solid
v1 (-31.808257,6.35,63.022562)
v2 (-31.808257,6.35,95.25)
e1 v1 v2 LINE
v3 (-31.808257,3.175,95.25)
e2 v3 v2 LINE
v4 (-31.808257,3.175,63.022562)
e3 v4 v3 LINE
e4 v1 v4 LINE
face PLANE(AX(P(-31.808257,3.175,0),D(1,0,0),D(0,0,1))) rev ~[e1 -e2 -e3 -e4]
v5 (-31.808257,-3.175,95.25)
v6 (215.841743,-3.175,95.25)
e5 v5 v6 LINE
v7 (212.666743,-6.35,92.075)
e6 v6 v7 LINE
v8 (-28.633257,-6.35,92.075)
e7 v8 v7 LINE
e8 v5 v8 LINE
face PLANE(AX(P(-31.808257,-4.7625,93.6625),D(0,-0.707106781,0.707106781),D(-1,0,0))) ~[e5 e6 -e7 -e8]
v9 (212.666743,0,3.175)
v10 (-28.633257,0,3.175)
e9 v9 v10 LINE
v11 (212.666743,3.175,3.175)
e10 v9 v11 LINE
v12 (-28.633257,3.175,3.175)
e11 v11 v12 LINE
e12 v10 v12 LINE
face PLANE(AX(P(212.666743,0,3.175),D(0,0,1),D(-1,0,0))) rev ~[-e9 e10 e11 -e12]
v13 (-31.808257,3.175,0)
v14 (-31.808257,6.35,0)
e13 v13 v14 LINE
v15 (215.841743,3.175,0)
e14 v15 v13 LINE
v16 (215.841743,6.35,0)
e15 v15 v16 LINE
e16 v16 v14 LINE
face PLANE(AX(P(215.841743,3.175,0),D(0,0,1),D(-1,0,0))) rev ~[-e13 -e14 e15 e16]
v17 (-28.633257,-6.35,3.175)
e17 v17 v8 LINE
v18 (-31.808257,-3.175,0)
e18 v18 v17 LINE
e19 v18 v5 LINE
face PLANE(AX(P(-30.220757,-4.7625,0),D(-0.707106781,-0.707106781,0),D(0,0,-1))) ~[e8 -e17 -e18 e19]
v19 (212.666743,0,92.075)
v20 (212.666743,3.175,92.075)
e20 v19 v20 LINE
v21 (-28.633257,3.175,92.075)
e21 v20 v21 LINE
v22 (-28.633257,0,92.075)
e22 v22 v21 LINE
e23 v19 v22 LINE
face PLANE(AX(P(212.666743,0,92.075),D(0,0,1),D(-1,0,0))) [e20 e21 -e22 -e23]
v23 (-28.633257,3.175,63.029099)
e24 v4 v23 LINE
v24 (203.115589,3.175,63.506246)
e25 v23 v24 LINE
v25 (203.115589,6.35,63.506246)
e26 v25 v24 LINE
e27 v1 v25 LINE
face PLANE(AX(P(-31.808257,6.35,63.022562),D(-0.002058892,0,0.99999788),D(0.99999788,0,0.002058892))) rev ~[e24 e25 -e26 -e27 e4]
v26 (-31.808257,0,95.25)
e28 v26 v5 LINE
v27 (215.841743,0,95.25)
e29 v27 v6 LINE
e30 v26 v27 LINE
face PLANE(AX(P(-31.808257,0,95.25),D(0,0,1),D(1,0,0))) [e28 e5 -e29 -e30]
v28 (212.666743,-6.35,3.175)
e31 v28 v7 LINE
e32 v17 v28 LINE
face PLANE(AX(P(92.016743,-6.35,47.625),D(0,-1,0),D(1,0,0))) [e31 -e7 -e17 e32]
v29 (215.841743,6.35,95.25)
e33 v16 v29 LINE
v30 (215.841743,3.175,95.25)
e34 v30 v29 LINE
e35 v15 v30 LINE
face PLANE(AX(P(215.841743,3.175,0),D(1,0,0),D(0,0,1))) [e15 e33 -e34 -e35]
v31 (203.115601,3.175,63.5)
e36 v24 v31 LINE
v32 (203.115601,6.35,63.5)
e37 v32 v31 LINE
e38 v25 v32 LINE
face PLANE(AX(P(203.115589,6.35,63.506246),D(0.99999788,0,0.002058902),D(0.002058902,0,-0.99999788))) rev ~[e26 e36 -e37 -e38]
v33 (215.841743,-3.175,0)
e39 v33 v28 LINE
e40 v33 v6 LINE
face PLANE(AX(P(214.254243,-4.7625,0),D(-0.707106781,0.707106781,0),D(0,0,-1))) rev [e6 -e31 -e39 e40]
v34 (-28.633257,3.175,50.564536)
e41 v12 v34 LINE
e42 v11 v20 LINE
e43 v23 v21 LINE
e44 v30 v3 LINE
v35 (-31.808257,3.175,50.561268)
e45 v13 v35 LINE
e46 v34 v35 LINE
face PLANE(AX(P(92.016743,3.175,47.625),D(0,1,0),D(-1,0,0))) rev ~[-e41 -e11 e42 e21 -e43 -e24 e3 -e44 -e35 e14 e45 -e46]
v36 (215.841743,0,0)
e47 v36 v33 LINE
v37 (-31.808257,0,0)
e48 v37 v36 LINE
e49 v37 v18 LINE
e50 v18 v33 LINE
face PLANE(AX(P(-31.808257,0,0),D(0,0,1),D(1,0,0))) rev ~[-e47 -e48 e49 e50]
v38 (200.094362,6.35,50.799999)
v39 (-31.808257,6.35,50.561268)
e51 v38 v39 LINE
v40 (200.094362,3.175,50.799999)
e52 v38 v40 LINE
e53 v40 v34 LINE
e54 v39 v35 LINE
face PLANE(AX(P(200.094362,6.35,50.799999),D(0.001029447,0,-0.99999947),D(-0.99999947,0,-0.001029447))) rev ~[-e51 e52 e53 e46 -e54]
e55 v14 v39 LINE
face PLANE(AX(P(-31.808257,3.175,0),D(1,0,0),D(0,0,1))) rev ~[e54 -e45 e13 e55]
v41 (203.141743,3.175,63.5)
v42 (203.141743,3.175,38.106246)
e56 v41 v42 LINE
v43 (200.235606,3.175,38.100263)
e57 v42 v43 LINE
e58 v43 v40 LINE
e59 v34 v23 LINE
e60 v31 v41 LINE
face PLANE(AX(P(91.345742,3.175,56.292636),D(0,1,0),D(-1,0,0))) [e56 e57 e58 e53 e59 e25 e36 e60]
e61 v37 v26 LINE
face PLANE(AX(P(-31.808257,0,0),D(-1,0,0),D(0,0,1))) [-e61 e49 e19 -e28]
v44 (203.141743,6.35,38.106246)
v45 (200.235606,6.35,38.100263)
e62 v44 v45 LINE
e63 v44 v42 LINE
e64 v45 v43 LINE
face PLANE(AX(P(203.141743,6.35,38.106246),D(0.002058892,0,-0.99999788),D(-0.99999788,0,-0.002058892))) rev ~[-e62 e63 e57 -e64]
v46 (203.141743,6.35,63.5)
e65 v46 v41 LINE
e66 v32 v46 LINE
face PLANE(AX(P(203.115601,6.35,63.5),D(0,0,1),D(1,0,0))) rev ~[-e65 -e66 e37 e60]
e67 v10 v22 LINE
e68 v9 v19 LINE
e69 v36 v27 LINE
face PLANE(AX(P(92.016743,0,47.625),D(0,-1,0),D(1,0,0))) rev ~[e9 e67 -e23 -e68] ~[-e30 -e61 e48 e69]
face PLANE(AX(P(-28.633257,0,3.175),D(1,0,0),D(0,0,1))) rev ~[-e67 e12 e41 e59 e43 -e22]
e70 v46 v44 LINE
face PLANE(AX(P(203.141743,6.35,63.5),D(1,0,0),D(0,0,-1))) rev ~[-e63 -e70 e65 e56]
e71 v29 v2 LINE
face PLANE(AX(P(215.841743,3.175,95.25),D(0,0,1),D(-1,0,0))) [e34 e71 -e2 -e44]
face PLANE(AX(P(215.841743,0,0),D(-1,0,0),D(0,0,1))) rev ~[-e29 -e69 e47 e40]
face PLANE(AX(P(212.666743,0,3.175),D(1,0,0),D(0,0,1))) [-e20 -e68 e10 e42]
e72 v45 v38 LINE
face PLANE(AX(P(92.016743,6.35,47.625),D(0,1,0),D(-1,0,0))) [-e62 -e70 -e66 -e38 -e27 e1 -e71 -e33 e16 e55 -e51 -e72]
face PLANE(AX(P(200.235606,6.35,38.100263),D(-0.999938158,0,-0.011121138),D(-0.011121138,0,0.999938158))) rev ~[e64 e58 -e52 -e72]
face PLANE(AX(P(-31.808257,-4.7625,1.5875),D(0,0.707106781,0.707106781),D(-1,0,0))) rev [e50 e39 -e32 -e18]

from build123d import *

# Parameters (mm, degrees)
F0_W     = 247.65
F0_H     = 95.25
F1_DEPTH = 6.35
F2_SIZE  = 3.175
F3_W     = 241.3
F3_H     = 88.9
F4_DEPTH = 3.175
F5_W     = 247.65
F5_H     = 95.25
F6_DEPTH = 3.175
F8_DEPTH = 3.175


with BuildPart() as f1:
    # F0 (on Front) → F1 (new body)
    with BuildSketch(Plane.XZ):
        with Locations((92.016742897, 47.625)):
            Rectangle(F0_W, F0_H)
    extrude(amount=F1_DEPTH)

    # F2
    f2_edges = [f1.edges().sort_by_distance(p)[0] for p in [
        (92.016743, -6.35, 95.25),
        (-31.808257, -6.35, 47.625),
        (92.016743, -6.35, 0),
        (215.841743, -6.35, 47.625),
    ]]
    chamfer(f2_edges, length=F2_SIZE)

    # F3 (on face) → F4 (join)
    with BuildSketch(Plane(origin=(0, 0, 0), x_dir=(-1, 0, 0), z_dir=(0, 1, 0))):
        with Locations((-92.016742897, 47.625)):
            Rectangle(F3_W, F3_H)
    extrude(amount=F4_DEPTH)

    # F5 (on face) → F6 (join)
    with BuildSketch(Plane(origin=(0, 3.175, 0), x_dir=(-1, 0, 0), z_dir=(0, 1, 0))):
        with Locations((-92.016742897, 47.625)):
            Rectangle(F5_W, F5_H)
    extrude(amount=F6_DEPTH)

    # F7 (on face) → F8 (cut)
    with BuildSketch(Plane(origin=(0, 6.35, 0), x_dir=(-1, 0, 0), z_dir=(0, 1, 0))):
        Polygon((-203.1155885079, 63.506246084), (-203.115601368, 63.5), (-203.141742897, 50.8031365043), (-203.141742897, 38.1062460972), (-200.2356058372, 38.1002626615), (-200.0943615794, 50.7999993861), (31.808257103, 50.5612678826), (31.808257103, 63.0225621771), align=None)
        Polygon((-203.141742897, 50.8031365043), (-203.115601368, 63.5), (-203.141742897, 63.5), align=None)
    extrude(amount=-F8_DEPTH, mode=Mode.SUBTRACT)


solid = f1.part
